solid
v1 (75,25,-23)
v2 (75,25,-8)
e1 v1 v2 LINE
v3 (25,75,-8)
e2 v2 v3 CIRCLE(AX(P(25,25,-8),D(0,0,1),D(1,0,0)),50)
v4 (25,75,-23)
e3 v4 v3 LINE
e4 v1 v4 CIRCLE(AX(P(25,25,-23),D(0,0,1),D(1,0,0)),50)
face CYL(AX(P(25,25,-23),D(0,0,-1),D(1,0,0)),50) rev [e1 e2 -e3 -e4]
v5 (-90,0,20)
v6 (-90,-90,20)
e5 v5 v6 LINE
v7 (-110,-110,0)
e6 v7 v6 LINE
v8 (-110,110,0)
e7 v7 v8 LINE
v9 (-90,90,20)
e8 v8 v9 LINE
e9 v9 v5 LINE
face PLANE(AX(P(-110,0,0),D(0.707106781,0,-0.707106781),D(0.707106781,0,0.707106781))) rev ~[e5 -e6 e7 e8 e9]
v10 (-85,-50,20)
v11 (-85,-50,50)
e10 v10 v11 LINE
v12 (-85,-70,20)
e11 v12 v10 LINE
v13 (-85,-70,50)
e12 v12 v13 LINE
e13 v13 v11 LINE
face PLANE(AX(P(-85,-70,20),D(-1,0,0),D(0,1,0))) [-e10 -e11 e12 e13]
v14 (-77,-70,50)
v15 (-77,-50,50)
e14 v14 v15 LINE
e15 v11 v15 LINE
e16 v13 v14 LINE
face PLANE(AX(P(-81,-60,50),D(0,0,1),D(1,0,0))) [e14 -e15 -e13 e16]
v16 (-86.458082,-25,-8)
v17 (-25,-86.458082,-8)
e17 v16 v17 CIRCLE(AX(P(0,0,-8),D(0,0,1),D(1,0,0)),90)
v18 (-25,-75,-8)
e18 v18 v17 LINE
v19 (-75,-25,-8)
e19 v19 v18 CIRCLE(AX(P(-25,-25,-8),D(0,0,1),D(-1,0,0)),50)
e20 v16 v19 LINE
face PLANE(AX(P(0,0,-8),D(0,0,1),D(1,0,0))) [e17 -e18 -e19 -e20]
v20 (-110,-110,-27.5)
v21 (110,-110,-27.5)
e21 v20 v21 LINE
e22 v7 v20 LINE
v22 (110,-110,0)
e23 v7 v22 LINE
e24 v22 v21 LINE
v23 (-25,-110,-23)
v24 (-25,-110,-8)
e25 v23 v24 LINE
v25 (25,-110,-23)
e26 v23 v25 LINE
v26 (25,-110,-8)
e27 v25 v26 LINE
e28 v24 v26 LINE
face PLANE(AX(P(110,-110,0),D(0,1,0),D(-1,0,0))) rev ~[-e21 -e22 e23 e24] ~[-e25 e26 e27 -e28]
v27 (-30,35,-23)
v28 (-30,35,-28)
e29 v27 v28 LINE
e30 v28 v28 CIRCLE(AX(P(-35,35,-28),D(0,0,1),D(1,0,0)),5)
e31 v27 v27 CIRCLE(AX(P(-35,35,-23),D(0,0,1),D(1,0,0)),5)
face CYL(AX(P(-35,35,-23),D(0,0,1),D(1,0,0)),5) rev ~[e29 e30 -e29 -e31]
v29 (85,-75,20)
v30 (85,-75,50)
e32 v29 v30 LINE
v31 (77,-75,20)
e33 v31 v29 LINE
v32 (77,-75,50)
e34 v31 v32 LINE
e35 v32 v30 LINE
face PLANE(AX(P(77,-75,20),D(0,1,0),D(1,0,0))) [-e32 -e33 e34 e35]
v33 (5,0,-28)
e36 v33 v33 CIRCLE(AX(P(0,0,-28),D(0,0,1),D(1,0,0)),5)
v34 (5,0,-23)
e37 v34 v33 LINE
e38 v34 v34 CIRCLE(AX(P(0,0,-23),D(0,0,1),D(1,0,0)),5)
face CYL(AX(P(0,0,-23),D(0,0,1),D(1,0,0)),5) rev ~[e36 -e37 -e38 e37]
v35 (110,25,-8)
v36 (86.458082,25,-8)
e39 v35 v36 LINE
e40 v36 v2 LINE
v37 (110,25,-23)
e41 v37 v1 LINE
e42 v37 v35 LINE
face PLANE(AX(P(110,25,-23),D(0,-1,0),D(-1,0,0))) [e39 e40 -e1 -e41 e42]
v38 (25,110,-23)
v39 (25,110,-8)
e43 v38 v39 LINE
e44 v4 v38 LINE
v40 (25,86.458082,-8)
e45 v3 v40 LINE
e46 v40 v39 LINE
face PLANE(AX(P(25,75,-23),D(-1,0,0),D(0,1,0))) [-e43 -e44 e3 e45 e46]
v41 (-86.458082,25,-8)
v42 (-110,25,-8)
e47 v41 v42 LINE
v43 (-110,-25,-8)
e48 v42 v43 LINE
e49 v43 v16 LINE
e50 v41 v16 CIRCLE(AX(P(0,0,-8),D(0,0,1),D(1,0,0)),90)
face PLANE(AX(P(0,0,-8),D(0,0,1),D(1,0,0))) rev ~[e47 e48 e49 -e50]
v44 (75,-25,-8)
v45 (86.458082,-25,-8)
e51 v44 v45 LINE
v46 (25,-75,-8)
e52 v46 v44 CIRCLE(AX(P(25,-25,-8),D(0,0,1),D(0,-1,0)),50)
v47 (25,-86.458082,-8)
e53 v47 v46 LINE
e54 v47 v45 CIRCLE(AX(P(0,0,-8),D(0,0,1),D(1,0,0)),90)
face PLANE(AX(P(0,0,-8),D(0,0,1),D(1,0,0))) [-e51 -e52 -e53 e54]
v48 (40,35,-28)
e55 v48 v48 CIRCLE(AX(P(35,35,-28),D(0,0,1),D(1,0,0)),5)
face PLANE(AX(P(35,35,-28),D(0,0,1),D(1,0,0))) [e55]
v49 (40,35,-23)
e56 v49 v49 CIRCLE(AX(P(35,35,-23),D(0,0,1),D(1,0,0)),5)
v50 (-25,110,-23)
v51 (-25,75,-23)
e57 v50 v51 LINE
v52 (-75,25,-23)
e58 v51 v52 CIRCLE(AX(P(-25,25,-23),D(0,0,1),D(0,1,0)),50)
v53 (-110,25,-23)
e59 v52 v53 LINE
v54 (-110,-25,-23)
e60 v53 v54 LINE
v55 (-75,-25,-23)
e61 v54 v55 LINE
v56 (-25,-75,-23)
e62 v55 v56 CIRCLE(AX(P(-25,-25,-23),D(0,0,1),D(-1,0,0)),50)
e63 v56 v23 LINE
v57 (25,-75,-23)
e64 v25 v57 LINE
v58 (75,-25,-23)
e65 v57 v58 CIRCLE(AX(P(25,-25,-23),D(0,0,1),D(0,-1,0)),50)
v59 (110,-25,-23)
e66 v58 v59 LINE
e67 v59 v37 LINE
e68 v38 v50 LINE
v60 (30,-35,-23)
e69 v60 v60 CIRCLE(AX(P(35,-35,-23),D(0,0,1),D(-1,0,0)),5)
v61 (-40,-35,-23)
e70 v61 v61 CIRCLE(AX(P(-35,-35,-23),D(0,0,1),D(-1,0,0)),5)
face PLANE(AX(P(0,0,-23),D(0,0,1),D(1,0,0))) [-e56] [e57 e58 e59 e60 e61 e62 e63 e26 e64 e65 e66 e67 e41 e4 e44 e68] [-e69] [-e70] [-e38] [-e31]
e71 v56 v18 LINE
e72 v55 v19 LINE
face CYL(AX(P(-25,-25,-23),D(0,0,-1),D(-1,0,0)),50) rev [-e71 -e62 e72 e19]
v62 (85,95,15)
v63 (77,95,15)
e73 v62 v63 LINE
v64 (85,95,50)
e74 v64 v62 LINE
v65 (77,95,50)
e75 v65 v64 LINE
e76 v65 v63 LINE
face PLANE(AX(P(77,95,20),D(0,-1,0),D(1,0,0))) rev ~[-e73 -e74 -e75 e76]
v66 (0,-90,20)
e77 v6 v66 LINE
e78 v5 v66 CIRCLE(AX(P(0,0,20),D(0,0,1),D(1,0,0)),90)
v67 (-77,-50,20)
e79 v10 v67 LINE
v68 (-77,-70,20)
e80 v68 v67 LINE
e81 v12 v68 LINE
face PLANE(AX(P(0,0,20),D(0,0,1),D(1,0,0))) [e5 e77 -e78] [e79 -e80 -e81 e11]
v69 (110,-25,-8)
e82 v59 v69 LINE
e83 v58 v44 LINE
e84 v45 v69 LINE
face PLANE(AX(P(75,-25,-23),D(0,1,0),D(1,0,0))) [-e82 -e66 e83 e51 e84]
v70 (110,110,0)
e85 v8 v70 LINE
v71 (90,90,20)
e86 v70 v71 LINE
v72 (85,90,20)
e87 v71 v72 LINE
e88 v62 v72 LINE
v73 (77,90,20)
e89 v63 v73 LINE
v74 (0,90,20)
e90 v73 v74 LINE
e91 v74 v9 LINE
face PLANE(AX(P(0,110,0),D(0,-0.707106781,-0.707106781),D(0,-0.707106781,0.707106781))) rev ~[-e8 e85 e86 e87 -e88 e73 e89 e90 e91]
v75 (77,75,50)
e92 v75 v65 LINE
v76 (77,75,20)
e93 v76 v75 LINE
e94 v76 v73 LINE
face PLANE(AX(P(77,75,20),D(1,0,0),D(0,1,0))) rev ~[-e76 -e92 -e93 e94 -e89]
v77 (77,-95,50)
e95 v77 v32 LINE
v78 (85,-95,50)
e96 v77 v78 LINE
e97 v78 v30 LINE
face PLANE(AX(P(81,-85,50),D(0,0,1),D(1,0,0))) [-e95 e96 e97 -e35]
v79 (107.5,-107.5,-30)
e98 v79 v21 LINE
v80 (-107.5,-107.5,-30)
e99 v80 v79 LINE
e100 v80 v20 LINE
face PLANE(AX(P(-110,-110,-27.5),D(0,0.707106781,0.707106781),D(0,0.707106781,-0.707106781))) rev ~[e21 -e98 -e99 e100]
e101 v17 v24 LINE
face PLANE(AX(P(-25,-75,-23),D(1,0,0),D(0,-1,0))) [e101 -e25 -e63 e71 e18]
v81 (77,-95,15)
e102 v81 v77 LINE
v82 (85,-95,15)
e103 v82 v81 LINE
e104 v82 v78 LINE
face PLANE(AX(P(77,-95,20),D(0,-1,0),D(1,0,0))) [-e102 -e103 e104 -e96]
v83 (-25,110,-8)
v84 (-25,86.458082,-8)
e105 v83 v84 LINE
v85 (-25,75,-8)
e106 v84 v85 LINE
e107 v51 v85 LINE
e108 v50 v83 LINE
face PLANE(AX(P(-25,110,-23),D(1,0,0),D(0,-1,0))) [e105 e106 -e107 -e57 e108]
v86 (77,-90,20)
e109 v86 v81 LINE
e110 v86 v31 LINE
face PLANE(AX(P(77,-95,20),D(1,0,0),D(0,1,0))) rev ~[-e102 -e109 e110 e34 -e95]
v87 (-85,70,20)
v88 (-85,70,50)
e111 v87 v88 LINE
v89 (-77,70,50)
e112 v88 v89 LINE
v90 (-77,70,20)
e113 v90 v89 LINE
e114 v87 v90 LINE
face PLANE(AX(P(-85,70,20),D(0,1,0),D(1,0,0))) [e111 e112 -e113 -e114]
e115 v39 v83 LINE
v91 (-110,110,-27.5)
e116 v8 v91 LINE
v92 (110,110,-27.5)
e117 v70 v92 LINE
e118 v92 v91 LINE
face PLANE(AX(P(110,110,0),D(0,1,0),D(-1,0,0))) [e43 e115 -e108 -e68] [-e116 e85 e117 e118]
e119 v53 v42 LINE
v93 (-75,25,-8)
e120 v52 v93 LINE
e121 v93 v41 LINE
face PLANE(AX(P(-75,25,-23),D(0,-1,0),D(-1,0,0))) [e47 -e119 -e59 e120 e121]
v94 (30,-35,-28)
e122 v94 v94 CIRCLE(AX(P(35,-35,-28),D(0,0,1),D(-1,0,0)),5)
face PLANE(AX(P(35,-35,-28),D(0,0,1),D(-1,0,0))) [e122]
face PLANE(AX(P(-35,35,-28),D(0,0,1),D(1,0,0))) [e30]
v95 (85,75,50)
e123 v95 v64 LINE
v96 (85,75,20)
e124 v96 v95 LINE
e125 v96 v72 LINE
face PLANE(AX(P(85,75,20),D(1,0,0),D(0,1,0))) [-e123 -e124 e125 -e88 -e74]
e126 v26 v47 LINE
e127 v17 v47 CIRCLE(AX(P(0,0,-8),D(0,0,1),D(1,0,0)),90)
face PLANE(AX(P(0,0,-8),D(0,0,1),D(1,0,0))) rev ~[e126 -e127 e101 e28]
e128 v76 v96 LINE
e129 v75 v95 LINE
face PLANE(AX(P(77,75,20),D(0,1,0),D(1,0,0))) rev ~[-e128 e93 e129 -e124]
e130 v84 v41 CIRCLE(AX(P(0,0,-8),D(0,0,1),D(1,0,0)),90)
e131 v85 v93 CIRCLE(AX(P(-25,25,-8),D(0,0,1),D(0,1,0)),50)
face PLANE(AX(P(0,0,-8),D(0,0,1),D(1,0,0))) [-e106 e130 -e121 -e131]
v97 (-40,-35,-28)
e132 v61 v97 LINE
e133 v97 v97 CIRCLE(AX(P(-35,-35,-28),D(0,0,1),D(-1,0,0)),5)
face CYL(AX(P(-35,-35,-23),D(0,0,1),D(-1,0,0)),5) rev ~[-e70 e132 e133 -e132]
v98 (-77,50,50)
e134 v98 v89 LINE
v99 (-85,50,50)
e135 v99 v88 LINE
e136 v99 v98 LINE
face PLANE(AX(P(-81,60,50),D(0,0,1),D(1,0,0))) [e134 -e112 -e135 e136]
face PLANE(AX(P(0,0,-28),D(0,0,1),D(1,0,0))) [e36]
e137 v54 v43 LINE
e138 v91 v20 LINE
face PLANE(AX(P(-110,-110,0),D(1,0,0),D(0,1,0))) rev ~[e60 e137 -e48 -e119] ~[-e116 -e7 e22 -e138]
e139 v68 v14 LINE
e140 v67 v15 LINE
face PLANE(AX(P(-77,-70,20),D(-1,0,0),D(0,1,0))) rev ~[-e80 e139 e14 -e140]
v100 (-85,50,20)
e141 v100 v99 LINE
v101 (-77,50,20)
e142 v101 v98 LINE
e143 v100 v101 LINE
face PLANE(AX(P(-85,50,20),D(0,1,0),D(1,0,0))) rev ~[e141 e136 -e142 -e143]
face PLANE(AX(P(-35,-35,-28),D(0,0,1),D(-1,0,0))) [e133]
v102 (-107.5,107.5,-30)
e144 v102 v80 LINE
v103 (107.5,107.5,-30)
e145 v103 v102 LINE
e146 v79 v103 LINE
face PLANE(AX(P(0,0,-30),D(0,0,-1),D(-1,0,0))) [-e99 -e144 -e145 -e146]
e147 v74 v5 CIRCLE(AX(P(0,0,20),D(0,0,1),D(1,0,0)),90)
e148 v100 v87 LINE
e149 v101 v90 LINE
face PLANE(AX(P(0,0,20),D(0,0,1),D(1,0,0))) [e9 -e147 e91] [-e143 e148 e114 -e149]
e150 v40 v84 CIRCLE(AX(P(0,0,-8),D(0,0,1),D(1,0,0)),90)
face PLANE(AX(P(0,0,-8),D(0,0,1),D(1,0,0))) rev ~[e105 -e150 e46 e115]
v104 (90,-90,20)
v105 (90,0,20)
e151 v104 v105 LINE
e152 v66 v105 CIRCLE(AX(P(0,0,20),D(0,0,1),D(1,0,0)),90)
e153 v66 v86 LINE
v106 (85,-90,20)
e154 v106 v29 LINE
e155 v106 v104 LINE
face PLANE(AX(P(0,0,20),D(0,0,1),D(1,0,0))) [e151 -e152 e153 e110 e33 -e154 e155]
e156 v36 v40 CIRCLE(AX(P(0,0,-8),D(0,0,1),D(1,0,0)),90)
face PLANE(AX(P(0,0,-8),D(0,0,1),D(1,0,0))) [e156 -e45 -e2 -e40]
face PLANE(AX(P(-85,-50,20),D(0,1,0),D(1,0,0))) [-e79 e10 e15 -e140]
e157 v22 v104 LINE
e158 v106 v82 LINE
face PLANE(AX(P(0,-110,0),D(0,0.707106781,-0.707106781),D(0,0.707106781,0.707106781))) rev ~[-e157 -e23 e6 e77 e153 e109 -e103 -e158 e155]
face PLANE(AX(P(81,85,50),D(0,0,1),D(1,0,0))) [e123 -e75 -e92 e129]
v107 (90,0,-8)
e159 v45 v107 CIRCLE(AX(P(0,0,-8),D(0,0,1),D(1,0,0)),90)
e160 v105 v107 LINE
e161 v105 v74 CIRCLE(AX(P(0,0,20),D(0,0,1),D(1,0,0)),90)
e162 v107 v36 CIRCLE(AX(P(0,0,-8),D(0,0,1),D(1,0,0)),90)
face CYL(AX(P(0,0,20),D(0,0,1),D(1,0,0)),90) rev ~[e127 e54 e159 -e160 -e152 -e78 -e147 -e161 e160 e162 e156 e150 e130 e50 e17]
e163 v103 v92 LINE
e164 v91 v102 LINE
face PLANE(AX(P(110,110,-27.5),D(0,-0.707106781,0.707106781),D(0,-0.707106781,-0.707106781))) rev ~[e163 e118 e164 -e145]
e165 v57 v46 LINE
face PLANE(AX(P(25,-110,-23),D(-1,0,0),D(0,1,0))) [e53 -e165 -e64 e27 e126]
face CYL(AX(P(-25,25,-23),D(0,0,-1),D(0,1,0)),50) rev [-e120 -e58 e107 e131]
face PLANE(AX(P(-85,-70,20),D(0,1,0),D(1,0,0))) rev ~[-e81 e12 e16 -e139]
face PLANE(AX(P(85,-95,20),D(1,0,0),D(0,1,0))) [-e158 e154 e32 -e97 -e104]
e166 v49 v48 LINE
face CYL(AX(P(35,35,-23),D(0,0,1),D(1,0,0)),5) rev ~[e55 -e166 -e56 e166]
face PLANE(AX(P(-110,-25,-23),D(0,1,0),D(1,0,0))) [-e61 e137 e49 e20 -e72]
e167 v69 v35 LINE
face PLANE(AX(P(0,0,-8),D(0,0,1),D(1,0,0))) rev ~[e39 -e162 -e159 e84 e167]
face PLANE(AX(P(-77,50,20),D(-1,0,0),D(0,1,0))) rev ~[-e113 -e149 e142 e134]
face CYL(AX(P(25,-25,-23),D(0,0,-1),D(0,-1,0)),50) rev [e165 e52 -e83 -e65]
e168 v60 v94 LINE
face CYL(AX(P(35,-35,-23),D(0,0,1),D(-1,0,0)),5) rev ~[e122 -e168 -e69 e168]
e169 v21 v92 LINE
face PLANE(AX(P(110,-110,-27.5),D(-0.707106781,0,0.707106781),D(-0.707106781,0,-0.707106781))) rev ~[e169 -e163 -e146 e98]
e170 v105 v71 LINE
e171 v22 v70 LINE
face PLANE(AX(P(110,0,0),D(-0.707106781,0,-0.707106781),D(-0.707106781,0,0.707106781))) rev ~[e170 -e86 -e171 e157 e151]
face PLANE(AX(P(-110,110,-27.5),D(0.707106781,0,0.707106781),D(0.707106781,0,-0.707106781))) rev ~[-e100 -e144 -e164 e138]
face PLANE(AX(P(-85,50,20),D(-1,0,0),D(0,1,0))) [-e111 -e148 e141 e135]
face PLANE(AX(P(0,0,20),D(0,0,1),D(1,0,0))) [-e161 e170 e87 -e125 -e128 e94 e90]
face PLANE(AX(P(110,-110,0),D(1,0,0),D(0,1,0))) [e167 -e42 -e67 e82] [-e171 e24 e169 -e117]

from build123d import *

# Parameters (mm, degrees)
SKETCH_1_W                  = 220
SKETCH_1_H                  = 220
EXTRUDE_1_DEPTH             = 20
EXTRUDE_1_TAPER             = 45
SKETCH_2_W                  = 8
SKETCH_2_H                  = 20
EXTRUDE_2_DEPTH             = 30
EXTRUDE_2_DIRECTION_2_REACH = 158.844
SKETCH_4_W                  = 220
SKETCH_4_H                  = 220
EXTRUDE_3_DEPTH             = 30
CUT_EXTRUDE_1_DEPTH         = 15
SKETCH_7_R                  = 90
CUT_EXTRUDE_2_DEPTH         = 28
SKETCH_9_R                  = 5
CUT_EXTRUDE_3_DEPTH         = 5
CUT_EXTRUDE_4_DEPTH         = 251.99800796
PATTERN_CIRCULAR_2_COUNT    = 4


with BuildPart() as part:
    # 스케치1 → 보스-돌출1 (new body)
    with BuildSketch(Plane.XY):
        Rectangle(SKETCH_1_W, SKETCH_1_H)
    extrude(amount=EXTRUDE_1_DEPTH, taper=EXTRUDE_1_TAPER)

    # 스케치2 → 보스-돌출2 (add)
    with BuildSketch(Plane.XY.offset(20)):
        with Locations((-81, 60)):
            Rectangle(SKETCH_2_W, SKETCH_2_H)
        with Locations((-81, -60)):
            Rectangle(SKETCH_2_W, SKETCH_2_H)
        with Locations((81, 85)):
            Rectangle(SKETCH_2_W, SKETCH_2_H)
        with Locations((81, -85)):
            Rectangle(SKETCH_2_W, SKETCH_2_H)
    extrude(amount=EXTRUDE_2_DEPTH)

    # 보스-돌출2 direction 2: up to this face of the body (flat: up to its plane)
    extrude_2_direction_2_end = Plane(part.part.faces().sort_by_distance((0, 0, 0))[0])
    # 스케치2 → 보스-돌출2 direction 2 (add, up to the picked face)
    with BuildSketch(Plane.XY.offset(20), mode=Mode.PRIVATE) as extrude_2_direction_2_sk1:
        with Locations((-81, 60)):
            Rectangle(SKETCH_2_W, SKETCH_2_H)
    extrude_2_direction_2_tool1 = split(extrude(extrude_2_direction_2_sk1.sketch, amount=-EXTRUDE_2_DIRECTION_2_REACH, mode=Mode.PRIVATE), bisect_by=extrude_2_direction_2_end, keep=Keep.BOTH, mode=Mode.PRIVATE)
    # 스케치2 → 보스-돌출2 direction 2 (add, up to the picked face)
    with BuildSketch(Plane.XY.offset(20), mode=Mode.PRIVATE) as extrude_2_direction_2_sk2:
        with Locations((-81, -60)):
            Rectangle(SKETCH_2_W, SKETCH_2_H)
    extrude_2_direction_2_tool2 = split(extrude(extrude_2_direction_2_sk2.sketch, amount=-EXTRUDE_2_DIRECTION_2_REACH, mode=Mode.PRIVATE), bisect_by=extrude_2_direction_2_end, keep=Keep.BOTH, mode=Mode.PRIVATE)
    # 스케치2 → 보스-돌출2 direction 2 (add, up to the picked face)
    with BuildSketch(Plane.XY.offset(20), mode=Mode.PRIVATE) as extrude_2_direction_2_sk3:
        with Locations((81, 85)):
            Rectangle(SKETCH_2_W, SKETCH_2_H)
    extrude_2_direction_2_tool3 = split(extrude(extrude_2_direction_2_sk3.sketch, amount=-EXTRUDE_2_DIRECTION_2_REACH, mode=Mode.PRIVATE), bisect_by=extrude_2_direction_2_end, keep=Keep.BOTH, mode=Mode.PRIVATE)
    # 스케치2 → 보스-돌출2 direction 2 (add, up to the picked face)
    with BuildSketch(Plane.XY.offset(20), mode=Mode.PRIVATE) as extrude_2_direction_2_sk4:
        with Locations((81, -85)):
            Rectangle(SKETCH_2_W, SKETCH_2_H)
    extrude_2_direction_2_tool4 = split(extrude(extrude_2_direction_2_sk4.sketch, amount=-EXTRUDE_2_DIRECTION_2_REACH, mode=Mode.PRIVATE), bisect_by=extrude_2_direction_2_end, keep=Keep.BOTH, mode=Mode.PRIVATE)
    add(extrude_2_direction_2_tool1.solids().sort_by(Axis((-81, 60, 20), (0, 0, -1)))[0])
    add(extrude_2_direction_2_tool2.solids().sort_by(Axis((-81, -60, 20), (0, 0, -1)))[0])
    add(extrude_2_direction_2_tool3.solids().sort_by(Axis((81, 85, 20), (0, 0, -1)))[0])
    add(extrude_2_direction_2_tool4.solids().sort_by(Axis((81, -85, 20), (0, 0, -1)))[0])

    # 스케치4 → 보스-돌출3 (add)
    with BuildSketch(Plane(origin=(0, 0, 0), x_dir=(-1, 0, 0), z_dir=(0, 0, -1))):
        Rectangle(SKETCH_4_W, SKETCH_4_H)
    extrude(amount=EXTRUDE_3_DEPTH)

    # 스케치6 → 컷-돌출1 (cut)
    with BuildSketch(Plane(origin=(0, 0, -23), x_dir=(-1, 0, 0), z_dir=(0, 0, -1))):
        with BuildLine():
            Line((-110, 25), (-75, 25))
            ThreePointArc((-75, 25), (-60.355339059, 60.355339059), (-25, 75))
            Line((-25, 75), (-25, 110))
            Line((-25, 110), (25, 110))
            Line((25, 110), (25, 75))
            ThreePointArc((25, 75), (60.355339059, 60.355339059), (75, 25))
            Line((75, 25), (110, 25))
            Line((110, 25), (110, -25))
            Line((110, -25), (75, -25))
            ThreePointArc((75, -25), (60.355339059, -60.355339059), (25, -75))
            Line((25, -75), (25, -110))
            Line((25, -110), (-25, -110))
            Line((-25, -110), (-25, -75))
            ThreePointArc((-25, -75), (-60.355339059, -60.355339059), (-75, -25))
            Line((-75, -25), (-110, -25))
            Line((-110, -25), (-110, 25))
        make_face()
    extrude(amount=-CUT_EXTRUDE_1_DEPTH, mode=Mode.SUBTRACT)

    # 스케치7 → 컷-돌출2 (cut)
    with BuildSketch(Plane.XY.offset(20)):
        Circle(SKETCH_7_R)
    extrude(amount=-CUT_EXTRUDE_2_DEPTH, mode=Mode.SUBTRACT)

    # 스케치9 → 컷-돌출3 (cut)
    with BuildSketch(Plane.XY.offset(-23)):
        with Locations((-35, 35)):
            Circle(SKETCH_9_R)
        Circle(SKETCH_9_R)
        with Locations((35, 35)):
            Circle(SKETCH_9_R)
        with Locations(Location((35, -35, 0), (0, 0, 180))):
            Circle(SKETCH_9_R)
        with Locations(Location((-35, -35, 0), (0, 0, 180))):
            Circle(SKETCH_9_R)
    extrude(amount=-CUT_EXTRUDE_3_DEPTH, mode=Mode.SUBTRACT)

    # 스케치10 → 컷-돌출4 (cut, through all)
    with BuildSketch(Plane(origin=(0, 110, 0), x_dir=(1, 0, 0), z_dir=(0, 1, 0))):
        Polygon((-110, 30), (-110, 27.5), (-107.5, 30), align=None)
    cut_extrude_4 = extrude(amount=-CUT_EXTRUDE_4_DEPTH, mode=Mode.SUBTRACT)

    # 원형 패턴2: 컷-돌출4 ×4 about axis
    pattern_circular_2_axis = Axis((0, 0, 0), (0, 0, 1))
    for i in range(1, PATTERN_CIRCULAR_2_COUNT):
        add(cut_extrude_4.rotate(pattern_circular_2_axis, i * 360 / PATTERN_CIRCULAR_2_COUNT), mode=Mode.SUBTRACT)


solid = part.part
